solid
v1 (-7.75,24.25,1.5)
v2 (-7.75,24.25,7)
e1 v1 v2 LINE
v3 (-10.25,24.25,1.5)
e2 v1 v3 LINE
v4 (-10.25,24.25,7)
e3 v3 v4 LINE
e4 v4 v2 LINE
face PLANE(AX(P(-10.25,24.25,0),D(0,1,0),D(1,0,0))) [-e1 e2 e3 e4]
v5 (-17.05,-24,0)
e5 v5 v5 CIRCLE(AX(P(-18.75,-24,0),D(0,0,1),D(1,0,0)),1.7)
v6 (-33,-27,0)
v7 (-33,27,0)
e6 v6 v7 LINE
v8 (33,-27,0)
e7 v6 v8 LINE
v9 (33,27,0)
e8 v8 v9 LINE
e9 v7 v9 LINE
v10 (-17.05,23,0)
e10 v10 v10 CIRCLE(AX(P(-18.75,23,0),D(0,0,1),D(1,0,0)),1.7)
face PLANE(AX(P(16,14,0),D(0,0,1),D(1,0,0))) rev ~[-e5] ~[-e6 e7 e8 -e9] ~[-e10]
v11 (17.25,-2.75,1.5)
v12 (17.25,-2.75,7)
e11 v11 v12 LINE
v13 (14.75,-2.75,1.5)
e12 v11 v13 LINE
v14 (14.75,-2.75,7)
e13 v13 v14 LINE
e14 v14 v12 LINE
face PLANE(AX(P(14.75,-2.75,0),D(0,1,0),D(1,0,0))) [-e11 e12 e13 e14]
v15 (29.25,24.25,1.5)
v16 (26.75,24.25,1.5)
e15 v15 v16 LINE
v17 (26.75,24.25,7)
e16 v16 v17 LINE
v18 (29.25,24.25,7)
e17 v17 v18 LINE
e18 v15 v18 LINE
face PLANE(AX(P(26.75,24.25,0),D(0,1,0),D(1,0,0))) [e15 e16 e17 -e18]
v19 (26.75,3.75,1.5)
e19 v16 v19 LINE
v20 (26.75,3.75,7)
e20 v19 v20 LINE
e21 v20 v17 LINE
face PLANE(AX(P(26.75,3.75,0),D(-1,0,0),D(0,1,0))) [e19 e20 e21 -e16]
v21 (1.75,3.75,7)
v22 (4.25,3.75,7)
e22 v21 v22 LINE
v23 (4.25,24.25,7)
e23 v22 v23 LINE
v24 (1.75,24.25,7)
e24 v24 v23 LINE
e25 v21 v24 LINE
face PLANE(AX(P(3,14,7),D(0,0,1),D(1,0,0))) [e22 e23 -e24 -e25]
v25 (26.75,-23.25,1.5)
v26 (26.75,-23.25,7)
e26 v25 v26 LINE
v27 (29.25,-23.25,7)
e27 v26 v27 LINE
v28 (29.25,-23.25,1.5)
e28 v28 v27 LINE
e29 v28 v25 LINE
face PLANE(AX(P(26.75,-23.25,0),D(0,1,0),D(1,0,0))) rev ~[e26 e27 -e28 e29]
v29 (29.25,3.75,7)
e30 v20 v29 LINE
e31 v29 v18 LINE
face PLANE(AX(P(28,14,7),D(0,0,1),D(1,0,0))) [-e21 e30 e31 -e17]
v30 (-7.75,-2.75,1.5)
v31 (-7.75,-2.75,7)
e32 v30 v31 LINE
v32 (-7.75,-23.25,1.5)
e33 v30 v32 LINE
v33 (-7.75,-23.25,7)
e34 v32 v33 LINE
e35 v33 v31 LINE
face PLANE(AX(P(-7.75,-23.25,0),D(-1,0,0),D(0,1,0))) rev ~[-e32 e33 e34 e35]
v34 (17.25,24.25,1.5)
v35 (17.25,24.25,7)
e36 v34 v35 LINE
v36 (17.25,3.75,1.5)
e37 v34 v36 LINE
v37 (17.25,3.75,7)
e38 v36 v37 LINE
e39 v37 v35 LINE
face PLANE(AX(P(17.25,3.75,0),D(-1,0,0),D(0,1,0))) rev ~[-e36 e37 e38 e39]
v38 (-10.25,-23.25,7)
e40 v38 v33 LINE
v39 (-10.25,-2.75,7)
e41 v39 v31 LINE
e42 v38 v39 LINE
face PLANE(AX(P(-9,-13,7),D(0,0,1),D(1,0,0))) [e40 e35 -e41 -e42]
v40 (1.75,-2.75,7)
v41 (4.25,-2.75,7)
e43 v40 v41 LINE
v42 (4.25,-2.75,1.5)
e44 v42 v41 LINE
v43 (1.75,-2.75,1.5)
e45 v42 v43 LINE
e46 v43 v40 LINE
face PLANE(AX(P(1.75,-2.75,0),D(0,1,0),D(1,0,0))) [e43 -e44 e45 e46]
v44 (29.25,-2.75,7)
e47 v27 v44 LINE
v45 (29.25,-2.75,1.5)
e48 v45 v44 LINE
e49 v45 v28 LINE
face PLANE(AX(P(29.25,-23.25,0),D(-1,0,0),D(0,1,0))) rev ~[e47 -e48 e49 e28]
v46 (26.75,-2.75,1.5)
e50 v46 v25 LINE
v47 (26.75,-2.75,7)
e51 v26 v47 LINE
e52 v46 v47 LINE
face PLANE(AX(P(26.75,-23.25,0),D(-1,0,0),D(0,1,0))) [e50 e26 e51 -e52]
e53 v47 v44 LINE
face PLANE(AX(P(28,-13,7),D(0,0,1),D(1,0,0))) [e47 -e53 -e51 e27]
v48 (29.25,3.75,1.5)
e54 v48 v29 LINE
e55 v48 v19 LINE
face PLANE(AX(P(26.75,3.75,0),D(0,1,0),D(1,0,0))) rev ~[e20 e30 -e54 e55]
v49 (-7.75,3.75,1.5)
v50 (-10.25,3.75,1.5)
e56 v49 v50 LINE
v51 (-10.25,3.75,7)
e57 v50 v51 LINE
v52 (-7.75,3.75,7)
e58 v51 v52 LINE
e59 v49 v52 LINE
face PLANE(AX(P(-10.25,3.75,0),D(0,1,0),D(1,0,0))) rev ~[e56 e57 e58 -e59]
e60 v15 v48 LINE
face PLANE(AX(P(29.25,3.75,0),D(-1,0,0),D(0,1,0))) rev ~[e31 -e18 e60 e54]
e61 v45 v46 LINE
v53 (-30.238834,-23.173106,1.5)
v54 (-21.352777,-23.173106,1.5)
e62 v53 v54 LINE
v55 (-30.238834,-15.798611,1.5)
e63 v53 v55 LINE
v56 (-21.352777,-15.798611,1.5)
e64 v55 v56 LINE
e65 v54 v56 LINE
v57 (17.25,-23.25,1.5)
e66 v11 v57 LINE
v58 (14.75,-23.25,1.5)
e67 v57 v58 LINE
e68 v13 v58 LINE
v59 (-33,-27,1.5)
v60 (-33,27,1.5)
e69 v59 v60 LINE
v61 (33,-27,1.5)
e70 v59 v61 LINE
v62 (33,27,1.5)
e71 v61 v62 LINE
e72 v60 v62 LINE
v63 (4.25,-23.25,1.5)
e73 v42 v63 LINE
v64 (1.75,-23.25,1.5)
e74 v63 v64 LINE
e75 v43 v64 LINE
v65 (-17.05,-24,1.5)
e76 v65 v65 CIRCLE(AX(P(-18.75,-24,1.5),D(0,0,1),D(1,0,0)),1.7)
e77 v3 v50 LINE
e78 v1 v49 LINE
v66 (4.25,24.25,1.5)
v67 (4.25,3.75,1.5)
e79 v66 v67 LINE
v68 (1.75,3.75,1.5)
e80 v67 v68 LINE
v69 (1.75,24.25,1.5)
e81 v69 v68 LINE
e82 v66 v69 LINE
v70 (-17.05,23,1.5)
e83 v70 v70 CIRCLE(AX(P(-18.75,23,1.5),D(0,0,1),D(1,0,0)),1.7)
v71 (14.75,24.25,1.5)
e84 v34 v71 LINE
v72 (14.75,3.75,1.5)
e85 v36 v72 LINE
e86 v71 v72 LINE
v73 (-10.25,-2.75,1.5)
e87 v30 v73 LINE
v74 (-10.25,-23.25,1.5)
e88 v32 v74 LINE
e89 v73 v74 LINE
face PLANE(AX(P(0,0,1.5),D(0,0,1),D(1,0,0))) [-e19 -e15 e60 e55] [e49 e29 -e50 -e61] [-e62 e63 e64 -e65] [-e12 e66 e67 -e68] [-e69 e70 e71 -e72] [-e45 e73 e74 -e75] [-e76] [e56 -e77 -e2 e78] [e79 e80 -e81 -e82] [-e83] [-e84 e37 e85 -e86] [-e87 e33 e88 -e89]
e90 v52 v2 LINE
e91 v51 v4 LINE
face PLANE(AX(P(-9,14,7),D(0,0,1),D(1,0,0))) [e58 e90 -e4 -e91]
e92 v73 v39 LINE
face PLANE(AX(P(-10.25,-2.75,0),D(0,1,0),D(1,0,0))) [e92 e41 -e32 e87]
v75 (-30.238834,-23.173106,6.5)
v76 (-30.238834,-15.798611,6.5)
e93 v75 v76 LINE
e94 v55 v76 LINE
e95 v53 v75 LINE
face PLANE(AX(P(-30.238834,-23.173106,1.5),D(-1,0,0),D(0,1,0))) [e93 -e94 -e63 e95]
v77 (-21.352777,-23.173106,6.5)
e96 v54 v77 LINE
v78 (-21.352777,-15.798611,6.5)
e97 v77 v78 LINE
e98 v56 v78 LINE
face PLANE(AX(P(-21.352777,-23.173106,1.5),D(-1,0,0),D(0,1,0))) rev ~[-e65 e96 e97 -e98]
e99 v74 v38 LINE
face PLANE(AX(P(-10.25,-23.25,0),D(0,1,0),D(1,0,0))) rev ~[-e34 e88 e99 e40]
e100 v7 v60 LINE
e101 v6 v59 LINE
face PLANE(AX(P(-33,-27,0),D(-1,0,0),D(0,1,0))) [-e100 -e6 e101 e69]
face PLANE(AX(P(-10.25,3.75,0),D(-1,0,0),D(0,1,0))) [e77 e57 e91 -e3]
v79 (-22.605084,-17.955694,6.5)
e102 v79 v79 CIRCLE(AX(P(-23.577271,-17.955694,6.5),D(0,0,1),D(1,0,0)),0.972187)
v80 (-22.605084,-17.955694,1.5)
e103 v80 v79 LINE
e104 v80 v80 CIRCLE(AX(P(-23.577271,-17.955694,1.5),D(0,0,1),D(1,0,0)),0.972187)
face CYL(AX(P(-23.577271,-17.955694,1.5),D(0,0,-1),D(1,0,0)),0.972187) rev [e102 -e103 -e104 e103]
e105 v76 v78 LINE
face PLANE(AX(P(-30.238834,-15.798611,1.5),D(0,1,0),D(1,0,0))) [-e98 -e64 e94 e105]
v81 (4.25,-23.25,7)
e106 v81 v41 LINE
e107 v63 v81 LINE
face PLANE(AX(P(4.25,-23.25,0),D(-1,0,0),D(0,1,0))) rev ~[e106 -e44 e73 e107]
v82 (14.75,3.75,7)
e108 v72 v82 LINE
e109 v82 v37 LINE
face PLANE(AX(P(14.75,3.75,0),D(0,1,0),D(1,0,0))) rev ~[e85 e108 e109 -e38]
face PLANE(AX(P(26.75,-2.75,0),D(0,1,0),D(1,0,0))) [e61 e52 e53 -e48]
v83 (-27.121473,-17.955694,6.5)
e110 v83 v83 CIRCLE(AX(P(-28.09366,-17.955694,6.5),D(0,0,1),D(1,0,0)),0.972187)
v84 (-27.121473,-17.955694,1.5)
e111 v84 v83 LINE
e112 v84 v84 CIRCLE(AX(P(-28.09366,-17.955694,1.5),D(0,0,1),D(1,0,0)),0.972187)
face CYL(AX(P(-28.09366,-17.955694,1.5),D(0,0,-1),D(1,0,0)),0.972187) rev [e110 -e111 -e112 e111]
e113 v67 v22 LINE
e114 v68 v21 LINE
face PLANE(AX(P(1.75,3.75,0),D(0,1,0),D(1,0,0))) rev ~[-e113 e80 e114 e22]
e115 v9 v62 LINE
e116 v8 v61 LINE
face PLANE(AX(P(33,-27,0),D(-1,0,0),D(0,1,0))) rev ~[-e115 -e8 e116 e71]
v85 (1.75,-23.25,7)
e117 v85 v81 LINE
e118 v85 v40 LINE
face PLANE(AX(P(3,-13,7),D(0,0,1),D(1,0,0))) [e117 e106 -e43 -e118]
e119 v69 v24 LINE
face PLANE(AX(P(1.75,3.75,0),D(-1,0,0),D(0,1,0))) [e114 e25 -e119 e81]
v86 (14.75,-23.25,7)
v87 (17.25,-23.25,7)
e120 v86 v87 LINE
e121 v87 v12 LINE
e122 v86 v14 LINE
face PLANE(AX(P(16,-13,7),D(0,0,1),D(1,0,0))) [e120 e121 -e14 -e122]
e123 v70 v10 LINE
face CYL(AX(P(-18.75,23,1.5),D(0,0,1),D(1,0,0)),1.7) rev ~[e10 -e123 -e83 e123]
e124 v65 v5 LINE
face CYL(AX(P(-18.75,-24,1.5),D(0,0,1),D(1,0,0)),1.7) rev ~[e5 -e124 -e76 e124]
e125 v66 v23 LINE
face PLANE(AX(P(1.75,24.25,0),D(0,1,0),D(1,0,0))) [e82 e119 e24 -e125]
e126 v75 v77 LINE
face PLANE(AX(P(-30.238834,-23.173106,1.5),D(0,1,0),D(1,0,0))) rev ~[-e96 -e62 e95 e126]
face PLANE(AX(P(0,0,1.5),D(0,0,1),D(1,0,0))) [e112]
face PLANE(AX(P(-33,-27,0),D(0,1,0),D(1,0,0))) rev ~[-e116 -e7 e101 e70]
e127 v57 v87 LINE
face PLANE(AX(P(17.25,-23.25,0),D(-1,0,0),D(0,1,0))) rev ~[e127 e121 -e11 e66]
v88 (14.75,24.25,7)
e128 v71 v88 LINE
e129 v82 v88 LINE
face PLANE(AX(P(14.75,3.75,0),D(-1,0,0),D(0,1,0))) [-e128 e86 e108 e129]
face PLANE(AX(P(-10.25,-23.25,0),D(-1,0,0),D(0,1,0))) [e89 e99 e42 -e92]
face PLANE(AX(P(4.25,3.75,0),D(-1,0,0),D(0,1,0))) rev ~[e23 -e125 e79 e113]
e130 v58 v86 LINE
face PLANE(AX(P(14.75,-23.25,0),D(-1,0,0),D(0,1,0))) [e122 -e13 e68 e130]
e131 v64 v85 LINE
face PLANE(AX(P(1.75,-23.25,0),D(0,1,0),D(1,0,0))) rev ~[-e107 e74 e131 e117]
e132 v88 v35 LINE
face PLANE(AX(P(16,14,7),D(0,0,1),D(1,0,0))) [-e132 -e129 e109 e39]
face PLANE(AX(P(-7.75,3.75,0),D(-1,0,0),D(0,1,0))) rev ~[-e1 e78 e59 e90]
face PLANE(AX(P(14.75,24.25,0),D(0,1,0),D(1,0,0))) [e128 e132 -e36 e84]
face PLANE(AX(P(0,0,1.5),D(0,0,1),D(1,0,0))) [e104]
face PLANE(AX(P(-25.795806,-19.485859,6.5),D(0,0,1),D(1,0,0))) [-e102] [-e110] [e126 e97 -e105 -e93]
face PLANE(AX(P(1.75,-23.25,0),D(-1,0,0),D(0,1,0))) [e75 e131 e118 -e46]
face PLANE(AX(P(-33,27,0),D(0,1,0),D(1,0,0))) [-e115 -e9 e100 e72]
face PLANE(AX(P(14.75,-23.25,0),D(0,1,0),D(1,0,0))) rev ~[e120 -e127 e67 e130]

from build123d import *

# Parameters (mm, degrees)
SKETCH075_W                     = 66
SKETCH075_H                     = 54
PAD041_DEPTH                    = 1.5
SKETCH076_W                     = 2.5
SKETCH076_H                     = 20.5
PAD042_DEPTH                    = 7
SKETCH076_LINEARPATTERN002_2_W  = 2.5
SKETCH076_LINEARPATTERN002_2_H  = 20.5
PAD042_LINEARPATTERN002_2_DEPTH = 7
LINEARPATTERN003_COUNT          = 2
LINEARPATTERN003_PITCH          = 27
SKETCH077_W                     = 8.886057
SKETCH077_H                     = 7.374495
SKETCH077_R                     = 0.972187
PAD043_DEPTH                    = 5
SKETCH078_R                     = 1.7
HOLE_DEPTH                      = 25


with BuildPart() as part:
    # Sketch075 → Pad041 (new body)
    with BuildSketch(Plane.XY):
        Rectangle(SKETCH075_W, SKETCH075_H)
    extrude(amount=PAD041_DEPTH)

    # Sketch076 → Pad042 (join)
    with BuildSketch(Plane(origin=(-3, -13, 0), x_dir=(1, 0, 0), z_dir=(0, 0, 1))):
        with Locations((-6, 0)):
            Rectangle(SKETCH076_W, SKETCH076_H)
        with Locations((6, 0)):
            Rectangle(SKETCH076_W, SKETCH076_H)
    pad042 = extrude(amount=PAD042_DEPTH)

    # Sketch076 LinearPattern002 2 → Pad042 LinearPattern002 2 (add)
    with BuildSketch(Plane(origin=(22, -13, 0), x_dir=(1, 0, 0), z_dir=(0, 0, 1))):
        with Locations((-6, 0)):
            Rectangle(SKETCH076_LINEARPATTERN002_2_W, SKETCH076_LINEARPATTERN002_2_H)
        with Locations((6, 0)):
            Rectangle(SKETCH076_LINEARPATTERN002_2_W, SKETCH076_LINEARPATTERN002_2_H)
    pad042_linearpattern002_2 = extrude(amount=PAD042_LINEARPATTERN002_2_DEPTH)

    # LinearPattern003: Pad042, Pad042 LinearPattern002 2 ×2
    with Locations(*[(0, i * LINEARPATTERN003_PITCH, 0) for i in range(1, LINEARPATTERN003_COUNT)]):
        add(pad042)
        add(pad042_linearpattern002_2)

    # Sketch077 → Pad043 (join)
    with BuildSketch(Plane.XY.offset(1.5)):
        with Locations((-25.795806, -19.485859)):
            Rectangle(SKETCH077_W, SKETCH077_H)
        with Locations((-28.09366, -17.955694)):
            Circle(SKETCH077_R, mode=Mode.SUBTRACT)
        with Locations((-23.577271, -17.955694)):
            Circle(SKETCH077_R, mode=Mode.SUBTRACT)
    extrude(amount=PAD043_DEPTH)

    # Sketch078 → Hole (cut)
    with BuildSketch(Plane.XY.offset(1.5)):
        with Locations((-18.75, 23)):
            Circle(SKETCH078_R)
        with Locations((-18.75, -24)):
            Circle(SKETCH078_R)
    extrude(amount=-HOLE_DEPTH, mode=Mode.SUBTRACT)


solid = part.part
